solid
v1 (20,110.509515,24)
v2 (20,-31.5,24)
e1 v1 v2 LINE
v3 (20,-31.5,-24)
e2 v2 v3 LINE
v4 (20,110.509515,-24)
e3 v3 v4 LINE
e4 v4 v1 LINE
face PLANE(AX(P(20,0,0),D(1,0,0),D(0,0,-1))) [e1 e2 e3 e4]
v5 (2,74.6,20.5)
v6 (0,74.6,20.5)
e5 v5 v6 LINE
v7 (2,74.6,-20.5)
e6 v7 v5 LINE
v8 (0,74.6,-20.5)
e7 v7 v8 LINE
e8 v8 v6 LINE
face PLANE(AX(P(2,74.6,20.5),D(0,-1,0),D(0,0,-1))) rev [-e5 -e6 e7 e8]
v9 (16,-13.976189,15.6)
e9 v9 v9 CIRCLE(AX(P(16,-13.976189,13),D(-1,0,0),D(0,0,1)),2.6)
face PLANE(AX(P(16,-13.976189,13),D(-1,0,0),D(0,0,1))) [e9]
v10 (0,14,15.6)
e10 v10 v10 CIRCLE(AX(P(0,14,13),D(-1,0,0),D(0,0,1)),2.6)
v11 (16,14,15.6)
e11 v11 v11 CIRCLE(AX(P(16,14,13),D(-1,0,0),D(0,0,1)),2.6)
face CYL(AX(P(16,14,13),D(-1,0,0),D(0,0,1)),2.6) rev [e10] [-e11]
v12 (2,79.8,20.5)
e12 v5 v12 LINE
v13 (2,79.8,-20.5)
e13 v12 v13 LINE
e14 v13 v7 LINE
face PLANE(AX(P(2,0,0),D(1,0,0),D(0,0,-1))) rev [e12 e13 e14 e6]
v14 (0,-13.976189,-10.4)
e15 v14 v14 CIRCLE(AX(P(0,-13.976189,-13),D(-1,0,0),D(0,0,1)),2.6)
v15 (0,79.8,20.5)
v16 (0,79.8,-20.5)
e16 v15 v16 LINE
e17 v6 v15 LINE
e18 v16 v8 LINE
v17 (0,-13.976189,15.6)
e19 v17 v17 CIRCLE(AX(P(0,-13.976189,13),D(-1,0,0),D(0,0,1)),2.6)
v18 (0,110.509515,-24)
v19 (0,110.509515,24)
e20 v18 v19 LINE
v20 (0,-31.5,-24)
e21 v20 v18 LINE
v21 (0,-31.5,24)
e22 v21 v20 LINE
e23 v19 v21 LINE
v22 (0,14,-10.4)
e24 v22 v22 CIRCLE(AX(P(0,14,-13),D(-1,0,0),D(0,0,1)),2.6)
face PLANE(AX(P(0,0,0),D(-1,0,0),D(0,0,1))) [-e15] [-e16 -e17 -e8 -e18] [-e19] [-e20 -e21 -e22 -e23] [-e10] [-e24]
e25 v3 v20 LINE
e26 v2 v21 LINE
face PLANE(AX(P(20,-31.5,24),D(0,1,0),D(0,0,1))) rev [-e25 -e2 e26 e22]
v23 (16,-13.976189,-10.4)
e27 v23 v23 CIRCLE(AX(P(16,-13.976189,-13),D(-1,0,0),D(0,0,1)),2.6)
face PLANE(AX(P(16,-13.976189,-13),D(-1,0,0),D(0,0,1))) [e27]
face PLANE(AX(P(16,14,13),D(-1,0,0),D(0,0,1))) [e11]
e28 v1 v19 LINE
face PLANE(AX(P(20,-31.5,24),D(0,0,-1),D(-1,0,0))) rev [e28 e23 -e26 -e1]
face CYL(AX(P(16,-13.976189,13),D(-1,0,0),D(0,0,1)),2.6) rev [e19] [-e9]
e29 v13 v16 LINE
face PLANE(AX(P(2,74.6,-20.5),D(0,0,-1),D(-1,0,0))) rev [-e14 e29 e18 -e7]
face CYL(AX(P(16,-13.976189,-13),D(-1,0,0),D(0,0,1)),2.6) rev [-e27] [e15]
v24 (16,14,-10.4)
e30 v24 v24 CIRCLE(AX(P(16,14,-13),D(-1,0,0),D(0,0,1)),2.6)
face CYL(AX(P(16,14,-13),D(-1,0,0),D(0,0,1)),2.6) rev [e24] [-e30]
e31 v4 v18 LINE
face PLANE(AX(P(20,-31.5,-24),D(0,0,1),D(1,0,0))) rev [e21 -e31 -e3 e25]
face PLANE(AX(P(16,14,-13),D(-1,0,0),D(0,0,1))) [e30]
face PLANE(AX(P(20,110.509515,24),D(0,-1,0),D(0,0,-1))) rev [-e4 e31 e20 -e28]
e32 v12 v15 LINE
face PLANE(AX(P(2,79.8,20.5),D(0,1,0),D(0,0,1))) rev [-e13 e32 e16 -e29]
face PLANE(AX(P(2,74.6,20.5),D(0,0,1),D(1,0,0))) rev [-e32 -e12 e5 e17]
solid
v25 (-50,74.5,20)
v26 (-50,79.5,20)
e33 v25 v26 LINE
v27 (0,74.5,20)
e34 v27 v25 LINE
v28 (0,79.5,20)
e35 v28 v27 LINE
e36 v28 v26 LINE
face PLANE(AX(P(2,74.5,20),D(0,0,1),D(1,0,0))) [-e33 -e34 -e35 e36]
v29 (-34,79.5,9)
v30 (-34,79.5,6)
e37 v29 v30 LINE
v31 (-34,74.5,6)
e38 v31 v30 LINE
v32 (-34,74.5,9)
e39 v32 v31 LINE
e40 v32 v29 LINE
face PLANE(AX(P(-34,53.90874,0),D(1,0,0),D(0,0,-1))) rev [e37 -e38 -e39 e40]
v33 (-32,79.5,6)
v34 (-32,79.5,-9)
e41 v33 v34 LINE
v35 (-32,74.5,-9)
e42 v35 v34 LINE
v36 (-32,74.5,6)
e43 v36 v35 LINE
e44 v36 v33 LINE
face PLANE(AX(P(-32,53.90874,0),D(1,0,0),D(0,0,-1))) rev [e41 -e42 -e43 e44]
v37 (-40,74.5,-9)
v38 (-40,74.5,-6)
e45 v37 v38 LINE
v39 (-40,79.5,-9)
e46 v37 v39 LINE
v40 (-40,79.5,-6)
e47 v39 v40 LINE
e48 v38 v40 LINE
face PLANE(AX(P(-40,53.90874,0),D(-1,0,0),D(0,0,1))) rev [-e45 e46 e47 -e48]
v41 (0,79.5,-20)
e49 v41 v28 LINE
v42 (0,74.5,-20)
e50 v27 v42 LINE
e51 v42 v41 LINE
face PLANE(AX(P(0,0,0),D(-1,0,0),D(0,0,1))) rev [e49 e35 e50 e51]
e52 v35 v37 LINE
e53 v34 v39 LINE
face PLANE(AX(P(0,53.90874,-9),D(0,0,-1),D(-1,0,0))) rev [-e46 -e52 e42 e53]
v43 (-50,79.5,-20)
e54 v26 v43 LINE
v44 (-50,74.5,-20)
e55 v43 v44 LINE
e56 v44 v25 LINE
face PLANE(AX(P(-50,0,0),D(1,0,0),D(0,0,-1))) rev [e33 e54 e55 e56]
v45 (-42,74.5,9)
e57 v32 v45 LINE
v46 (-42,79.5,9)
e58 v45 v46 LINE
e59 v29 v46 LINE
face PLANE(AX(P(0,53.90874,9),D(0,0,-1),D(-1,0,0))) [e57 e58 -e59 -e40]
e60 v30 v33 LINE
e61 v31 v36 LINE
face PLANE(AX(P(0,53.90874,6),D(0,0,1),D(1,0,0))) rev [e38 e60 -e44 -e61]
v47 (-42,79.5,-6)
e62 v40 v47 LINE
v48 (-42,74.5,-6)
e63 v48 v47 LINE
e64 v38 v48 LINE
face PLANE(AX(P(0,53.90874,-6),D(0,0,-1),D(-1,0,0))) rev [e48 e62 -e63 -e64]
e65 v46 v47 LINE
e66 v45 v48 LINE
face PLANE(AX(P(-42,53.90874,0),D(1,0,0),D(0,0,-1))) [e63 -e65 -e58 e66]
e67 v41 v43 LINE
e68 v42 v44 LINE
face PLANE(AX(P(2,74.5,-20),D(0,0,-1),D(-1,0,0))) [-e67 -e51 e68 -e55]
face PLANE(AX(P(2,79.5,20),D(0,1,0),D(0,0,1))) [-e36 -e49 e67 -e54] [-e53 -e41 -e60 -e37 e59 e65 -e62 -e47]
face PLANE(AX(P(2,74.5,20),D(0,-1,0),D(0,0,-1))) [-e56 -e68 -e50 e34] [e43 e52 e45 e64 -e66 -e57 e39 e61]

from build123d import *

# Parameters (mm, degrees)
SKETCH2_W                = 142.009514535
SKETCH2_H                = 48
BOSS_EXTRUDE1_DEPTH      = 20
SKETCH3_R                = 2.6
CUT_EXTRUDE1_DEPTH       = 16
SKETCH4_W                = 5
SKETCH4_H                = 40
BOSS_EXTRUDE2_DEPTH      = 50
BOSS_EXTRUDE2_DEPTH_BACK = 2
CUT_EXTRUDE2_DEPTH       = 5
SKETCH8_W                = 5.2
SKETCH8_H                = 41
CUT_EXTRUDE3_DEPTH       = 2


with BuildPart() as part:
    # Sketch2 → Boss-Extrude1 (new body)
    with BuildSketch(Plane.YZ):
        with Locations((39.504757268, 0)):
            Rectangle(SKETCH2_W, SKETCH2_H)
    extrude(amount=BOSS_EXTRUDE1_DEPTH)

    # Sketch3 → Cut-Extrude1 (cut)
    with BuildSketch(Plane(origin=(0, 0, 0), x_dir=(0, -1, 0), z_dir=(-1, 0, 0))):
        with Locations((-14, 13)):
            Circle(SKETCH3_R)
        with Locations((13.976189248, 13)):
            Circle(SKETCH3_R)
        with Locations((13.976189248, -13)):
            Circle(SKETCH3_R)
        with Locations((-14, -13)):
            Circle(SKETCH3_R)
    extrude(amount=-CUT_EXTRUDE1_DEPTH, mode=Mode.SUBTRACT)

    # Sketch4 → Boss-Extrude2 (add, two sides)
    with BuildSketch(Plane(origin=(0, 0, 0), x_dir=(0, -1, 0), z_dir=(-1, 0, 0))) as boss_extrude2_sk:
        with Locations((-77, 0)):
            Rectangle(SKETCH4_W, SKETCH4_H)
    extrude(amount=BOSS_EXTRUDE2_DEPTH)
    extrude(boss_extrude2_sk.sketch, amount=-BOSS_EXTRUDE2_DEPTH_BACK)

    # Sketch5 → Cut-Extrude2 (cut)
    with BuildSketch(Plane(origin=(0, 79.5, 0), x_dir=(-1, 0, 0), z_dir=(0, 1, 0))):
        Polygon((32, -9), (40, -9), (40, -6), (42, -6), (42, 9), (34, 9), (34, 6), (32, 6), align=None)
    extrude(amount=-CUT_EXTRUDE2_DEPTH, mode=Mode.SUBTRACT)


with BuildPart() as body_2:
    # Split1: the piece on the far side of the plane
    add(part.part)
    split(bisect_by=Plane(origin=(0, 0, 0), x_dir=(0, 0, -1), z_dir=(-1, 0, 0)), keep=Keep.BOTTOM)

    # Sketch8 → Cut-Extrude3 (cut)
    with BuildSketch(Plane(origin=(0, 0, 0), x_dir=(0, -1, 0), z_dir=(-1, 0, 0))):
        with Locations((-77.2, 0)):
            Rectangle(SKETCH8_W, SKETCH8_H)
    extrude(amount=-CUT_EXTRUDE3_DEPTH, mode=Mode.SUBTRACT)


with BuildPart() as part_1:
    add(part.part)

    # Split1
    split(bisect_by=Plane(origin=(0, 0, 0), x_dir=(0, 0, -1), z_dir=(-1, 0, 0)), keep=Keep.TOP)


solid = Compound([body_2.part, part_1.part])
